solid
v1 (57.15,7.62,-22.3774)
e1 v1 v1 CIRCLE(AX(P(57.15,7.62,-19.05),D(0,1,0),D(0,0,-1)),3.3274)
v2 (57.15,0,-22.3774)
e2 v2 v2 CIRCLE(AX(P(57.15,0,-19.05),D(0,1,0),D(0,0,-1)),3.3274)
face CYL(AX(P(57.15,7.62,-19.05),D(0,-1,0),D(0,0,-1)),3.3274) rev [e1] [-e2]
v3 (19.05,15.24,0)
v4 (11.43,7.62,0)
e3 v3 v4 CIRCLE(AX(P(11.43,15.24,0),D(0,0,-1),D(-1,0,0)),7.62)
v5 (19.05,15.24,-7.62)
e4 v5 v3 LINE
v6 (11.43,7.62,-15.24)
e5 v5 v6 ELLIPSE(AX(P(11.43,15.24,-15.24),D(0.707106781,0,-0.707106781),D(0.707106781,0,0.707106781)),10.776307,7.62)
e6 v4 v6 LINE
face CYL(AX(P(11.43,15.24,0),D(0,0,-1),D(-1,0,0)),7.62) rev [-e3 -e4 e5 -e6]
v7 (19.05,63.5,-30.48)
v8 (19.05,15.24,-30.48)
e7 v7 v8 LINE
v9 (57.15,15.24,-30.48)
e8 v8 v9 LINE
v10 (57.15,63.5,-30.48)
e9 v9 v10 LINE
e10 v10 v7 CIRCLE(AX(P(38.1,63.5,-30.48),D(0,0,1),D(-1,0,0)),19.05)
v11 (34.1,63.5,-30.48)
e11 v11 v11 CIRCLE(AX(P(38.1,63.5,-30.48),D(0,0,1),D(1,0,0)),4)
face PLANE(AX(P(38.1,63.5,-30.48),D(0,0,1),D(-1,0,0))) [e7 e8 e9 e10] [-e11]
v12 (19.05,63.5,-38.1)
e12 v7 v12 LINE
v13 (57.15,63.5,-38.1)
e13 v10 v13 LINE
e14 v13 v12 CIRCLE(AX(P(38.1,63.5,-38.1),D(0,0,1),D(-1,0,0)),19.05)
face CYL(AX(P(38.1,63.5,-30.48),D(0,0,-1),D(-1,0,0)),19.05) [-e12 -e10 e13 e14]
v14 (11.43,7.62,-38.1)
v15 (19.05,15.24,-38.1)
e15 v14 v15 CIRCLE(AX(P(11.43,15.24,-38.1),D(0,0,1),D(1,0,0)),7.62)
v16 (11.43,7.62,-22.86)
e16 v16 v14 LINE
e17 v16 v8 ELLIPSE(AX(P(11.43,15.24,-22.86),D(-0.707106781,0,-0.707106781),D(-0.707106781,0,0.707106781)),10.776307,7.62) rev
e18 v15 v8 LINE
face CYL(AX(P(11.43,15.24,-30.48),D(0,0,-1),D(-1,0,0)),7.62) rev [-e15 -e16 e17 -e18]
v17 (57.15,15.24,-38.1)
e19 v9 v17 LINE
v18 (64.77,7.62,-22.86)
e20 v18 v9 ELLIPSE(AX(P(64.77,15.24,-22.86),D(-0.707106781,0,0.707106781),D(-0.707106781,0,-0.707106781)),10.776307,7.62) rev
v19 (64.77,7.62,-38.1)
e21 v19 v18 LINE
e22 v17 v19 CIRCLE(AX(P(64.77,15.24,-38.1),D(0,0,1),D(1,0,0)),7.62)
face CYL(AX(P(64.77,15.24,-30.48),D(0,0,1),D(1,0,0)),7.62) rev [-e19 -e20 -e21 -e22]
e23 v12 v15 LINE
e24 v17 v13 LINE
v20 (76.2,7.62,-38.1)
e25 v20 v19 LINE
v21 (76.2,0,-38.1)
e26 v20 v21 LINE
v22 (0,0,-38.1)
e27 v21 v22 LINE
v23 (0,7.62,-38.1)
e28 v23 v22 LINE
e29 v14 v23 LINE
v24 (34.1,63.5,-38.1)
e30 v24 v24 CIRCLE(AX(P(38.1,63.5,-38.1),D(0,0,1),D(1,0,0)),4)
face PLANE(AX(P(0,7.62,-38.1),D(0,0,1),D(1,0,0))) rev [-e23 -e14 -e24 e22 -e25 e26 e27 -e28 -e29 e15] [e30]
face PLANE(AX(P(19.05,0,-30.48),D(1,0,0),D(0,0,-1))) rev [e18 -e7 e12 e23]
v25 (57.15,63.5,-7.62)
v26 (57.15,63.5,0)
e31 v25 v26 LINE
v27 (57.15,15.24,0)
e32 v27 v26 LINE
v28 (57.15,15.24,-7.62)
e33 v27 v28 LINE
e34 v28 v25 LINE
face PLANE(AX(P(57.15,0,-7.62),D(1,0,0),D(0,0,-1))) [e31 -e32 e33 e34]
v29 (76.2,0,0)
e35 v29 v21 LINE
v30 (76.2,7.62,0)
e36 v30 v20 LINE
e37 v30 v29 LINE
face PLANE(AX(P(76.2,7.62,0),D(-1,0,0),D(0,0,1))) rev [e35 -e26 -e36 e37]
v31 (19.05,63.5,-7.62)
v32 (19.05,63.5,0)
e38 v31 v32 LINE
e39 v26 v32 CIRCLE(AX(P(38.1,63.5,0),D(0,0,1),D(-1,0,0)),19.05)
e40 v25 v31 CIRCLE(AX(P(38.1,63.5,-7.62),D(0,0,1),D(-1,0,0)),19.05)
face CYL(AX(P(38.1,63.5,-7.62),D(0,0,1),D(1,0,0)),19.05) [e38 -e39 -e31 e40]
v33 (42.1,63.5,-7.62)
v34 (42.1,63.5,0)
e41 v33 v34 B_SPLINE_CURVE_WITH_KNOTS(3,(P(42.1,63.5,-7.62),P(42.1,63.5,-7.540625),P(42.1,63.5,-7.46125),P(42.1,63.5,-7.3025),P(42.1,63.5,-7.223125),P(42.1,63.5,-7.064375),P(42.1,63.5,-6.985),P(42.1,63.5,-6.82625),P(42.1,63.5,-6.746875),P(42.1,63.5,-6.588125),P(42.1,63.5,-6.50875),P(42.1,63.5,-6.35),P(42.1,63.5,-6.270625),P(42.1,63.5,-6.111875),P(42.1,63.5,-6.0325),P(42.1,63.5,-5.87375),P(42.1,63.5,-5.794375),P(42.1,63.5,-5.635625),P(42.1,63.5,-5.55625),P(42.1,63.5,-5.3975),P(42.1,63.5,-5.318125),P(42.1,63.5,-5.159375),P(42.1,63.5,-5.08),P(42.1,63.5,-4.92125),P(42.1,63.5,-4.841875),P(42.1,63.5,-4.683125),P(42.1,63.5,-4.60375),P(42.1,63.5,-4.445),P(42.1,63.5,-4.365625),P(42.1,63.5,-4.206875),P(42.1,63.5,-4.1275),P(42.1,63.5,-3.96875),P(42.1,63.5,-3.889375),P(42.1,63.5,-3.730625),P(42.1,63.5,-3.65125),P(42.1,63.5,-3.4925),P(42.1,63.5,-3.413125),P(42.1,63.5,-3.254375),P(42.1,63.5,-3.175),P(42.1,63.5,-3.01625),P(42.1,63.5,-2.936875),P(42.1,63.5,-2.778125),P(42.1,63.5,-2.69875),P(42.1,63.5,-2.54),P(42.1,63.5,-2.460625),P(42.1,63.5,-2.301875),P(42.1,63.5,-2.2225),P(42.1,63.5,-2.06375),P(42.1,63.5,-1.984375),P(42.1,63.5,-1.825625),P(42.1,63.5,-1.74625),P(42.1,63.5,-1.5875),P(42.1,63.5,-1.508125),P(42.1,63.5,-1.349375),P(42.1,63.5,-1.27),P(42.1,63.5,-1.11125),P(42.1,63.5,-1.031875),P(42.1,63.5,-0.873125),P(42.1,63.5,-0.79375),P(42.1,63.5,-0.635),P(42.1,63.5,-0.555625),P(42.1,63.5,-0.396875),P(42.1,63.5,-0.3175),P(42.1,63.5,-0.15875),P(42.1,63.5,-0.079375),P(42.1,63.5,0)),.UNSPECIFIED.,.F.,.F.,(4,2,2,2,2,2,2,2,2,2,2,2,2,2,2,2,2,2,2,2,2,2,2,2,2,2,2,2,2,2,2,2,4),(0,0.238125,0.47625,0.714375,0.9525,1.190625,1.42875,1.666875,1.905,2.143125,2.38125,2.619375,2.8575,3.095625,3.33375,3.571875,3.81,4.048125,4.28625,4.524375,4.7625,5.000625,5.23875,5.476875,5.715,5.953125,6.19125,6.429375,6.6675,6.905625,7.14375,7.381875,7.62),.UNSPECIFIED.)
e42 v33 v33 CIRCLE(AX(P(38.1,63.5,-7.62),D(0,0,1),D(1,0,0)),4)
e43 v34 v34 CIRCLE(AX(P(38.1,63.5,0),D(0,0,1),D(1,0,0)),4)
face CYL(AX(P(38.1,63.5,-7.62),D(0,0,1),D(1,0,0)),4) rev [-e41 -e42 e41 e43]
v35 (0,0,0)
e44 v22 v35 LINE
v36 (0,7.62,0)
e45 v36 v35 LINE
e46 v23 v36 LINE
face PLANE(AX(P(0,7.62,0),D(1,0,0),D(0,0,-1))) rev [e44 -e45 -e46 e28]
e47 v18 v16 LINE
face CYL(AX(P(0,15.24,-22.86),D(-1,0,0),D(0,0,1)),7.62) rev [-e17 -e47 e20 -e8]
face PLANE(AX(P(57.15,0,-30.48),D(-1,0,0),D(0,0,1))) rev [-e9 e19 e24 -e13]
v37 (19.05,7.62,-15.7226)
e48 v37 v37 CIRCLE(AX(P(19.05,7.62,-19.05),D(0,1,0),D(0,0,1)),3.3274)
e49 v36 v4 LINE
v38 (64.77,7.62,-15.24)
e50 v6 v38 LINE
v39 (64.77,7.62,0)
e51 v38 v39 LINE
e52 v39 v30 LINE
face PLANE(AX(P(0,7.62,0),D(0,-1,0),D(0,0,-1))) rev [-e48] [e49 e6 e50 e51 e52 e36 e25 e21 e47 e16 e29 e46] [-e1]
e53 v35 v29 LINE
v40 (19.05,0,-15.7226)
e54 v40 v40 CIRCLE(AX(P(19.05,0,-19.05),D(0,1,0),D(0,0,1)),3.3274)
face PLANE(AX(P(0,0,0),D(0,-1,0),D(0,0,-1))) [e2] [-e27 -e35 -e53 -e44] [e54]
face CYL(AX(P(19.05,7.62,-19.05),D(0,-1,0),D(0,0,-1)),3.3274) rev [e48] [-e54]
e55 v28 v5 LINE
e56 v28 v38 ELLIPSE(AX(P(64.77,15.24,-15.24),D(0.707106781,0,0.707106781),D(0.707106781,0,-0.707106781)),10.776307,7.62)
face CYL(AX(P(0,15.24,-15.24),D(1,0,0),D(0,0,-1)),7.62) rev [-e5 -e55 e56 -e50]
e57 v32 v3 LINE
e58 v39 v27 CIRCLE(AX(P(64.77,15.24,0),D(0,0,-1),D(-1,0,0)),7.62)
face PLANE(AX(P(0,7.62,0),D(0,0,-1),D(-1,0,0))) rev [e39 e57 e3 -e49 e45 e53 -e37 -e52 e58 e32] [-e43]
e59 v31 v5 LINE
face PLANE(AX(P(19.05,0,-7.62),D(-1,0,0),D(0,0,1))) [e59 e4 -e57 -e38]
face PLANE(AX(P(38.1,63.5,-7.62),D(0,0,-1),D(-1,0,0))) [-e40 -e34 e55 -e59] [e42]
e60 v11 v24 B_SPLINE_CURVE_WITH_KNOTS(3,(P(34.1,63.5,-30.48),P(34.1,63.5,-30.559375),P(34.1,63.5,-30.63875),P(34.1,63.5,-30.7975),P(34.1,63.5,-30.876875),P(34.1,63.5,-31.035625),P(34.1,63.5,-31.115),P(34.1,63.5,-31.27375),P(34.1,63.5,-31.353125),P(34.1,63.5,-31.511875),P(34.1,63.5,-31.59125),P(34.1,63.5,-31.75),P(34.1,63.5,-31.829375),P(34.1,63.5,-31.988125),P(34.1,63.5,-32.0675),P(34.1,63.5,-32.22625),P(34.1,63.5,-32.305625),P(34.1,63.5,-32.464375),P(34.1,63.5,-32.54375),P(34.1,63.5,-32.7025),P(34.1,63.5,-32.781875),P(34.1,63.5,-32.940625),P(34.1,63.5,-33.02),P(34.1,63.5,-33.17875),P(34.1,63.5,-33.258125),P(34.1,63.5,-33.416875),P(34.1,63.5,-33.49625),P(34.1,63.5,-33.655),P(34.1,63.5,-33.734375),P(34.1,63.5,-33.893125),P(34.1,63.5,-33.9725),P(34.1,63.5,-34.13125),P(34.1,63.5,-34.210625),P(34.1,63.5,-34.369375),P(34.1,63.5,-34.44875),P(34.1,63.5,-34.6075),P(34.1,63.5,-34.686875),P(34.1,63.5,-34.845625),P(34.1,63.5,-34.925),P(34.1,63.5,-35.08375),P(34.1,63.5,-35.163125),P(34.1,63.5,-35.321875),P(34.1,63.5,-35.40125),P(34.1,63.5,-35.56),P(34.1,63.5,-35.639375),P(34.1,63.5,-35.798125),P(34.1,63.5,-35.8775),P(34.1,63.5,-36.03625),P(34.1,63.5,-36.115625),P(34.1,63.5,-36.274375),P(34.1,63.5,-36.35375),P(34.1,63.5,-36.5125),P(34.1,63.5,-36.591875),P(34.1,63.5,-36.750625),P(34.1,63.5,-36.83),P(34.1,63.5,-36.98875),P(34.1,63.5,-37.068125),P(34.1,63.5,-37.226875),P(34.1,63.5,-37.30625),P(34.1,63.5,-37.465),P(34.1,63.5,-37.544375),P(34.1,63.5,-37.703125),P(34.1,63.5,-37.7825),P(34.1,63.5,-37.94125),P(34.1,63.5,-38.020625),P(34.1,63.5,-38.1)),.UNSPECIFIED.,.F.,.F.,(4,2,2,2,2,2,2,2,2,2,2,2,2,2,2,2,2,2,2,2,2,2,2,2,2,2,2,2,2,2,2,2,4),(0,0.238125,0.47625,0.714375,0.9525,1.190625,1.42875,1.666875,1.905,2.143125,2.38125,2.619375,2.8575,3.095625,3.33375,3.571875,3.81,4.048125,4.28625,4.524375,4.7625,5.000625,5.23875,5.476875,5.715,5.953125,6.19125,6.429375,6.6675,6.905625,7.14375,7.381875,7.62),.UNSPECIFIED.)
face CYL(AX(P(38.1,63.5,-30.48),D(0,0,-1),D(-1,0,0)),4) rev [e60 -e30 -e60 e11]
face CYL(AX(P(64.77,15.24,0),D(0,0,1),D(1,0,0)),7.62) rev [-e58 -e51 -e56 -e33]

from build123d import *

# Parameters (mm, degrees)
SKETCH1_W            = 76.2
SKETCH1_H            = 38.1
SKETCH1_R            = 3.3274
BOSS_EXTRUDE1_DEPTH  = 7.62
SKETCH2_R            = 4
BOSS_EXTRUDE2_DEPTH  = 7.62
FILLET1_R            = 7.62
FILLET1_OF_MIRROR2_R = 7.62


with BuildPart() as part:
    # Sketch1 → Boss-Extrude1 (new body)
    with BuildSketch(Plane(origin=(0, 0, 0), x_dir=(1, 0, 0), z_dir=(0, 1, 0))):
        with Locations((38.1, 19.05)):
            Rectangle(SKETCH1_W, SKETCH1_H)
        with Locations(Location((19.05, 19.05, 0), (0, 0, 270))):
            Circle(SKETCH1_R, mode=Mode.SUBTRACT)
        with Locations(Location((57.15, 19.05, 0), (0, 0, 90))):
            Circle(SKETCH1_R, mode=Mode.SUBTRACT)
    extrude(amount=BOSS_EXTRUDE1_DEPTH)

    # Sketch2 → Boss-Extrude2 (add)
    with BuildSketch(Plane.XY):
        with BuildLine():
            Line((19.05, 0), (19.05, 63.5))
            ThreePointArc((19.05, 63.5), (38.1, 82.55), (57.15, 63.5))
            Line((57.15, 63.5), (57.15, 0))
            Line((57.15, 0), (19.05, 0))
        make_face()
        with Locations((38.1, 63.5)):
            Circle(SKETCH2_R, mode=Mode.SUBTRACT)
    boss_extrude2 = extrude(amount=-BOSS_EXTRUDE2_DEPTH)

    # Fillet1
    fillet1_edges = [part.edges().sort_by_distance(p)[0] for p in [
        (19.05, 7.62, -3.81),
        (57.15, 7.62, -3.81),
        (38.1, 7.62, -7.62),
    ]]
    fillet(fillet1_edges, radius=FILLET1_R)

    # Mirror2: Boss-Extrude2 across plane
    add(boss_extrude2.mirror(Plane.XY.offset(-19.05)))

    # Fillet1 of Mirror2
    fillet1_of_mirror2_edges = [part.edges().sort_by_distance(p)[0] for p in [
        (19.05, 7.62, -34.29),
        (57.15, 7.62, -34.29),
        (38.1, 7.62, -30.48),
    ]]
    fillet(fillet1_of_mirror2_edges, radius=FILLET1_OF_MIRROR2_R)


solid = part.part
